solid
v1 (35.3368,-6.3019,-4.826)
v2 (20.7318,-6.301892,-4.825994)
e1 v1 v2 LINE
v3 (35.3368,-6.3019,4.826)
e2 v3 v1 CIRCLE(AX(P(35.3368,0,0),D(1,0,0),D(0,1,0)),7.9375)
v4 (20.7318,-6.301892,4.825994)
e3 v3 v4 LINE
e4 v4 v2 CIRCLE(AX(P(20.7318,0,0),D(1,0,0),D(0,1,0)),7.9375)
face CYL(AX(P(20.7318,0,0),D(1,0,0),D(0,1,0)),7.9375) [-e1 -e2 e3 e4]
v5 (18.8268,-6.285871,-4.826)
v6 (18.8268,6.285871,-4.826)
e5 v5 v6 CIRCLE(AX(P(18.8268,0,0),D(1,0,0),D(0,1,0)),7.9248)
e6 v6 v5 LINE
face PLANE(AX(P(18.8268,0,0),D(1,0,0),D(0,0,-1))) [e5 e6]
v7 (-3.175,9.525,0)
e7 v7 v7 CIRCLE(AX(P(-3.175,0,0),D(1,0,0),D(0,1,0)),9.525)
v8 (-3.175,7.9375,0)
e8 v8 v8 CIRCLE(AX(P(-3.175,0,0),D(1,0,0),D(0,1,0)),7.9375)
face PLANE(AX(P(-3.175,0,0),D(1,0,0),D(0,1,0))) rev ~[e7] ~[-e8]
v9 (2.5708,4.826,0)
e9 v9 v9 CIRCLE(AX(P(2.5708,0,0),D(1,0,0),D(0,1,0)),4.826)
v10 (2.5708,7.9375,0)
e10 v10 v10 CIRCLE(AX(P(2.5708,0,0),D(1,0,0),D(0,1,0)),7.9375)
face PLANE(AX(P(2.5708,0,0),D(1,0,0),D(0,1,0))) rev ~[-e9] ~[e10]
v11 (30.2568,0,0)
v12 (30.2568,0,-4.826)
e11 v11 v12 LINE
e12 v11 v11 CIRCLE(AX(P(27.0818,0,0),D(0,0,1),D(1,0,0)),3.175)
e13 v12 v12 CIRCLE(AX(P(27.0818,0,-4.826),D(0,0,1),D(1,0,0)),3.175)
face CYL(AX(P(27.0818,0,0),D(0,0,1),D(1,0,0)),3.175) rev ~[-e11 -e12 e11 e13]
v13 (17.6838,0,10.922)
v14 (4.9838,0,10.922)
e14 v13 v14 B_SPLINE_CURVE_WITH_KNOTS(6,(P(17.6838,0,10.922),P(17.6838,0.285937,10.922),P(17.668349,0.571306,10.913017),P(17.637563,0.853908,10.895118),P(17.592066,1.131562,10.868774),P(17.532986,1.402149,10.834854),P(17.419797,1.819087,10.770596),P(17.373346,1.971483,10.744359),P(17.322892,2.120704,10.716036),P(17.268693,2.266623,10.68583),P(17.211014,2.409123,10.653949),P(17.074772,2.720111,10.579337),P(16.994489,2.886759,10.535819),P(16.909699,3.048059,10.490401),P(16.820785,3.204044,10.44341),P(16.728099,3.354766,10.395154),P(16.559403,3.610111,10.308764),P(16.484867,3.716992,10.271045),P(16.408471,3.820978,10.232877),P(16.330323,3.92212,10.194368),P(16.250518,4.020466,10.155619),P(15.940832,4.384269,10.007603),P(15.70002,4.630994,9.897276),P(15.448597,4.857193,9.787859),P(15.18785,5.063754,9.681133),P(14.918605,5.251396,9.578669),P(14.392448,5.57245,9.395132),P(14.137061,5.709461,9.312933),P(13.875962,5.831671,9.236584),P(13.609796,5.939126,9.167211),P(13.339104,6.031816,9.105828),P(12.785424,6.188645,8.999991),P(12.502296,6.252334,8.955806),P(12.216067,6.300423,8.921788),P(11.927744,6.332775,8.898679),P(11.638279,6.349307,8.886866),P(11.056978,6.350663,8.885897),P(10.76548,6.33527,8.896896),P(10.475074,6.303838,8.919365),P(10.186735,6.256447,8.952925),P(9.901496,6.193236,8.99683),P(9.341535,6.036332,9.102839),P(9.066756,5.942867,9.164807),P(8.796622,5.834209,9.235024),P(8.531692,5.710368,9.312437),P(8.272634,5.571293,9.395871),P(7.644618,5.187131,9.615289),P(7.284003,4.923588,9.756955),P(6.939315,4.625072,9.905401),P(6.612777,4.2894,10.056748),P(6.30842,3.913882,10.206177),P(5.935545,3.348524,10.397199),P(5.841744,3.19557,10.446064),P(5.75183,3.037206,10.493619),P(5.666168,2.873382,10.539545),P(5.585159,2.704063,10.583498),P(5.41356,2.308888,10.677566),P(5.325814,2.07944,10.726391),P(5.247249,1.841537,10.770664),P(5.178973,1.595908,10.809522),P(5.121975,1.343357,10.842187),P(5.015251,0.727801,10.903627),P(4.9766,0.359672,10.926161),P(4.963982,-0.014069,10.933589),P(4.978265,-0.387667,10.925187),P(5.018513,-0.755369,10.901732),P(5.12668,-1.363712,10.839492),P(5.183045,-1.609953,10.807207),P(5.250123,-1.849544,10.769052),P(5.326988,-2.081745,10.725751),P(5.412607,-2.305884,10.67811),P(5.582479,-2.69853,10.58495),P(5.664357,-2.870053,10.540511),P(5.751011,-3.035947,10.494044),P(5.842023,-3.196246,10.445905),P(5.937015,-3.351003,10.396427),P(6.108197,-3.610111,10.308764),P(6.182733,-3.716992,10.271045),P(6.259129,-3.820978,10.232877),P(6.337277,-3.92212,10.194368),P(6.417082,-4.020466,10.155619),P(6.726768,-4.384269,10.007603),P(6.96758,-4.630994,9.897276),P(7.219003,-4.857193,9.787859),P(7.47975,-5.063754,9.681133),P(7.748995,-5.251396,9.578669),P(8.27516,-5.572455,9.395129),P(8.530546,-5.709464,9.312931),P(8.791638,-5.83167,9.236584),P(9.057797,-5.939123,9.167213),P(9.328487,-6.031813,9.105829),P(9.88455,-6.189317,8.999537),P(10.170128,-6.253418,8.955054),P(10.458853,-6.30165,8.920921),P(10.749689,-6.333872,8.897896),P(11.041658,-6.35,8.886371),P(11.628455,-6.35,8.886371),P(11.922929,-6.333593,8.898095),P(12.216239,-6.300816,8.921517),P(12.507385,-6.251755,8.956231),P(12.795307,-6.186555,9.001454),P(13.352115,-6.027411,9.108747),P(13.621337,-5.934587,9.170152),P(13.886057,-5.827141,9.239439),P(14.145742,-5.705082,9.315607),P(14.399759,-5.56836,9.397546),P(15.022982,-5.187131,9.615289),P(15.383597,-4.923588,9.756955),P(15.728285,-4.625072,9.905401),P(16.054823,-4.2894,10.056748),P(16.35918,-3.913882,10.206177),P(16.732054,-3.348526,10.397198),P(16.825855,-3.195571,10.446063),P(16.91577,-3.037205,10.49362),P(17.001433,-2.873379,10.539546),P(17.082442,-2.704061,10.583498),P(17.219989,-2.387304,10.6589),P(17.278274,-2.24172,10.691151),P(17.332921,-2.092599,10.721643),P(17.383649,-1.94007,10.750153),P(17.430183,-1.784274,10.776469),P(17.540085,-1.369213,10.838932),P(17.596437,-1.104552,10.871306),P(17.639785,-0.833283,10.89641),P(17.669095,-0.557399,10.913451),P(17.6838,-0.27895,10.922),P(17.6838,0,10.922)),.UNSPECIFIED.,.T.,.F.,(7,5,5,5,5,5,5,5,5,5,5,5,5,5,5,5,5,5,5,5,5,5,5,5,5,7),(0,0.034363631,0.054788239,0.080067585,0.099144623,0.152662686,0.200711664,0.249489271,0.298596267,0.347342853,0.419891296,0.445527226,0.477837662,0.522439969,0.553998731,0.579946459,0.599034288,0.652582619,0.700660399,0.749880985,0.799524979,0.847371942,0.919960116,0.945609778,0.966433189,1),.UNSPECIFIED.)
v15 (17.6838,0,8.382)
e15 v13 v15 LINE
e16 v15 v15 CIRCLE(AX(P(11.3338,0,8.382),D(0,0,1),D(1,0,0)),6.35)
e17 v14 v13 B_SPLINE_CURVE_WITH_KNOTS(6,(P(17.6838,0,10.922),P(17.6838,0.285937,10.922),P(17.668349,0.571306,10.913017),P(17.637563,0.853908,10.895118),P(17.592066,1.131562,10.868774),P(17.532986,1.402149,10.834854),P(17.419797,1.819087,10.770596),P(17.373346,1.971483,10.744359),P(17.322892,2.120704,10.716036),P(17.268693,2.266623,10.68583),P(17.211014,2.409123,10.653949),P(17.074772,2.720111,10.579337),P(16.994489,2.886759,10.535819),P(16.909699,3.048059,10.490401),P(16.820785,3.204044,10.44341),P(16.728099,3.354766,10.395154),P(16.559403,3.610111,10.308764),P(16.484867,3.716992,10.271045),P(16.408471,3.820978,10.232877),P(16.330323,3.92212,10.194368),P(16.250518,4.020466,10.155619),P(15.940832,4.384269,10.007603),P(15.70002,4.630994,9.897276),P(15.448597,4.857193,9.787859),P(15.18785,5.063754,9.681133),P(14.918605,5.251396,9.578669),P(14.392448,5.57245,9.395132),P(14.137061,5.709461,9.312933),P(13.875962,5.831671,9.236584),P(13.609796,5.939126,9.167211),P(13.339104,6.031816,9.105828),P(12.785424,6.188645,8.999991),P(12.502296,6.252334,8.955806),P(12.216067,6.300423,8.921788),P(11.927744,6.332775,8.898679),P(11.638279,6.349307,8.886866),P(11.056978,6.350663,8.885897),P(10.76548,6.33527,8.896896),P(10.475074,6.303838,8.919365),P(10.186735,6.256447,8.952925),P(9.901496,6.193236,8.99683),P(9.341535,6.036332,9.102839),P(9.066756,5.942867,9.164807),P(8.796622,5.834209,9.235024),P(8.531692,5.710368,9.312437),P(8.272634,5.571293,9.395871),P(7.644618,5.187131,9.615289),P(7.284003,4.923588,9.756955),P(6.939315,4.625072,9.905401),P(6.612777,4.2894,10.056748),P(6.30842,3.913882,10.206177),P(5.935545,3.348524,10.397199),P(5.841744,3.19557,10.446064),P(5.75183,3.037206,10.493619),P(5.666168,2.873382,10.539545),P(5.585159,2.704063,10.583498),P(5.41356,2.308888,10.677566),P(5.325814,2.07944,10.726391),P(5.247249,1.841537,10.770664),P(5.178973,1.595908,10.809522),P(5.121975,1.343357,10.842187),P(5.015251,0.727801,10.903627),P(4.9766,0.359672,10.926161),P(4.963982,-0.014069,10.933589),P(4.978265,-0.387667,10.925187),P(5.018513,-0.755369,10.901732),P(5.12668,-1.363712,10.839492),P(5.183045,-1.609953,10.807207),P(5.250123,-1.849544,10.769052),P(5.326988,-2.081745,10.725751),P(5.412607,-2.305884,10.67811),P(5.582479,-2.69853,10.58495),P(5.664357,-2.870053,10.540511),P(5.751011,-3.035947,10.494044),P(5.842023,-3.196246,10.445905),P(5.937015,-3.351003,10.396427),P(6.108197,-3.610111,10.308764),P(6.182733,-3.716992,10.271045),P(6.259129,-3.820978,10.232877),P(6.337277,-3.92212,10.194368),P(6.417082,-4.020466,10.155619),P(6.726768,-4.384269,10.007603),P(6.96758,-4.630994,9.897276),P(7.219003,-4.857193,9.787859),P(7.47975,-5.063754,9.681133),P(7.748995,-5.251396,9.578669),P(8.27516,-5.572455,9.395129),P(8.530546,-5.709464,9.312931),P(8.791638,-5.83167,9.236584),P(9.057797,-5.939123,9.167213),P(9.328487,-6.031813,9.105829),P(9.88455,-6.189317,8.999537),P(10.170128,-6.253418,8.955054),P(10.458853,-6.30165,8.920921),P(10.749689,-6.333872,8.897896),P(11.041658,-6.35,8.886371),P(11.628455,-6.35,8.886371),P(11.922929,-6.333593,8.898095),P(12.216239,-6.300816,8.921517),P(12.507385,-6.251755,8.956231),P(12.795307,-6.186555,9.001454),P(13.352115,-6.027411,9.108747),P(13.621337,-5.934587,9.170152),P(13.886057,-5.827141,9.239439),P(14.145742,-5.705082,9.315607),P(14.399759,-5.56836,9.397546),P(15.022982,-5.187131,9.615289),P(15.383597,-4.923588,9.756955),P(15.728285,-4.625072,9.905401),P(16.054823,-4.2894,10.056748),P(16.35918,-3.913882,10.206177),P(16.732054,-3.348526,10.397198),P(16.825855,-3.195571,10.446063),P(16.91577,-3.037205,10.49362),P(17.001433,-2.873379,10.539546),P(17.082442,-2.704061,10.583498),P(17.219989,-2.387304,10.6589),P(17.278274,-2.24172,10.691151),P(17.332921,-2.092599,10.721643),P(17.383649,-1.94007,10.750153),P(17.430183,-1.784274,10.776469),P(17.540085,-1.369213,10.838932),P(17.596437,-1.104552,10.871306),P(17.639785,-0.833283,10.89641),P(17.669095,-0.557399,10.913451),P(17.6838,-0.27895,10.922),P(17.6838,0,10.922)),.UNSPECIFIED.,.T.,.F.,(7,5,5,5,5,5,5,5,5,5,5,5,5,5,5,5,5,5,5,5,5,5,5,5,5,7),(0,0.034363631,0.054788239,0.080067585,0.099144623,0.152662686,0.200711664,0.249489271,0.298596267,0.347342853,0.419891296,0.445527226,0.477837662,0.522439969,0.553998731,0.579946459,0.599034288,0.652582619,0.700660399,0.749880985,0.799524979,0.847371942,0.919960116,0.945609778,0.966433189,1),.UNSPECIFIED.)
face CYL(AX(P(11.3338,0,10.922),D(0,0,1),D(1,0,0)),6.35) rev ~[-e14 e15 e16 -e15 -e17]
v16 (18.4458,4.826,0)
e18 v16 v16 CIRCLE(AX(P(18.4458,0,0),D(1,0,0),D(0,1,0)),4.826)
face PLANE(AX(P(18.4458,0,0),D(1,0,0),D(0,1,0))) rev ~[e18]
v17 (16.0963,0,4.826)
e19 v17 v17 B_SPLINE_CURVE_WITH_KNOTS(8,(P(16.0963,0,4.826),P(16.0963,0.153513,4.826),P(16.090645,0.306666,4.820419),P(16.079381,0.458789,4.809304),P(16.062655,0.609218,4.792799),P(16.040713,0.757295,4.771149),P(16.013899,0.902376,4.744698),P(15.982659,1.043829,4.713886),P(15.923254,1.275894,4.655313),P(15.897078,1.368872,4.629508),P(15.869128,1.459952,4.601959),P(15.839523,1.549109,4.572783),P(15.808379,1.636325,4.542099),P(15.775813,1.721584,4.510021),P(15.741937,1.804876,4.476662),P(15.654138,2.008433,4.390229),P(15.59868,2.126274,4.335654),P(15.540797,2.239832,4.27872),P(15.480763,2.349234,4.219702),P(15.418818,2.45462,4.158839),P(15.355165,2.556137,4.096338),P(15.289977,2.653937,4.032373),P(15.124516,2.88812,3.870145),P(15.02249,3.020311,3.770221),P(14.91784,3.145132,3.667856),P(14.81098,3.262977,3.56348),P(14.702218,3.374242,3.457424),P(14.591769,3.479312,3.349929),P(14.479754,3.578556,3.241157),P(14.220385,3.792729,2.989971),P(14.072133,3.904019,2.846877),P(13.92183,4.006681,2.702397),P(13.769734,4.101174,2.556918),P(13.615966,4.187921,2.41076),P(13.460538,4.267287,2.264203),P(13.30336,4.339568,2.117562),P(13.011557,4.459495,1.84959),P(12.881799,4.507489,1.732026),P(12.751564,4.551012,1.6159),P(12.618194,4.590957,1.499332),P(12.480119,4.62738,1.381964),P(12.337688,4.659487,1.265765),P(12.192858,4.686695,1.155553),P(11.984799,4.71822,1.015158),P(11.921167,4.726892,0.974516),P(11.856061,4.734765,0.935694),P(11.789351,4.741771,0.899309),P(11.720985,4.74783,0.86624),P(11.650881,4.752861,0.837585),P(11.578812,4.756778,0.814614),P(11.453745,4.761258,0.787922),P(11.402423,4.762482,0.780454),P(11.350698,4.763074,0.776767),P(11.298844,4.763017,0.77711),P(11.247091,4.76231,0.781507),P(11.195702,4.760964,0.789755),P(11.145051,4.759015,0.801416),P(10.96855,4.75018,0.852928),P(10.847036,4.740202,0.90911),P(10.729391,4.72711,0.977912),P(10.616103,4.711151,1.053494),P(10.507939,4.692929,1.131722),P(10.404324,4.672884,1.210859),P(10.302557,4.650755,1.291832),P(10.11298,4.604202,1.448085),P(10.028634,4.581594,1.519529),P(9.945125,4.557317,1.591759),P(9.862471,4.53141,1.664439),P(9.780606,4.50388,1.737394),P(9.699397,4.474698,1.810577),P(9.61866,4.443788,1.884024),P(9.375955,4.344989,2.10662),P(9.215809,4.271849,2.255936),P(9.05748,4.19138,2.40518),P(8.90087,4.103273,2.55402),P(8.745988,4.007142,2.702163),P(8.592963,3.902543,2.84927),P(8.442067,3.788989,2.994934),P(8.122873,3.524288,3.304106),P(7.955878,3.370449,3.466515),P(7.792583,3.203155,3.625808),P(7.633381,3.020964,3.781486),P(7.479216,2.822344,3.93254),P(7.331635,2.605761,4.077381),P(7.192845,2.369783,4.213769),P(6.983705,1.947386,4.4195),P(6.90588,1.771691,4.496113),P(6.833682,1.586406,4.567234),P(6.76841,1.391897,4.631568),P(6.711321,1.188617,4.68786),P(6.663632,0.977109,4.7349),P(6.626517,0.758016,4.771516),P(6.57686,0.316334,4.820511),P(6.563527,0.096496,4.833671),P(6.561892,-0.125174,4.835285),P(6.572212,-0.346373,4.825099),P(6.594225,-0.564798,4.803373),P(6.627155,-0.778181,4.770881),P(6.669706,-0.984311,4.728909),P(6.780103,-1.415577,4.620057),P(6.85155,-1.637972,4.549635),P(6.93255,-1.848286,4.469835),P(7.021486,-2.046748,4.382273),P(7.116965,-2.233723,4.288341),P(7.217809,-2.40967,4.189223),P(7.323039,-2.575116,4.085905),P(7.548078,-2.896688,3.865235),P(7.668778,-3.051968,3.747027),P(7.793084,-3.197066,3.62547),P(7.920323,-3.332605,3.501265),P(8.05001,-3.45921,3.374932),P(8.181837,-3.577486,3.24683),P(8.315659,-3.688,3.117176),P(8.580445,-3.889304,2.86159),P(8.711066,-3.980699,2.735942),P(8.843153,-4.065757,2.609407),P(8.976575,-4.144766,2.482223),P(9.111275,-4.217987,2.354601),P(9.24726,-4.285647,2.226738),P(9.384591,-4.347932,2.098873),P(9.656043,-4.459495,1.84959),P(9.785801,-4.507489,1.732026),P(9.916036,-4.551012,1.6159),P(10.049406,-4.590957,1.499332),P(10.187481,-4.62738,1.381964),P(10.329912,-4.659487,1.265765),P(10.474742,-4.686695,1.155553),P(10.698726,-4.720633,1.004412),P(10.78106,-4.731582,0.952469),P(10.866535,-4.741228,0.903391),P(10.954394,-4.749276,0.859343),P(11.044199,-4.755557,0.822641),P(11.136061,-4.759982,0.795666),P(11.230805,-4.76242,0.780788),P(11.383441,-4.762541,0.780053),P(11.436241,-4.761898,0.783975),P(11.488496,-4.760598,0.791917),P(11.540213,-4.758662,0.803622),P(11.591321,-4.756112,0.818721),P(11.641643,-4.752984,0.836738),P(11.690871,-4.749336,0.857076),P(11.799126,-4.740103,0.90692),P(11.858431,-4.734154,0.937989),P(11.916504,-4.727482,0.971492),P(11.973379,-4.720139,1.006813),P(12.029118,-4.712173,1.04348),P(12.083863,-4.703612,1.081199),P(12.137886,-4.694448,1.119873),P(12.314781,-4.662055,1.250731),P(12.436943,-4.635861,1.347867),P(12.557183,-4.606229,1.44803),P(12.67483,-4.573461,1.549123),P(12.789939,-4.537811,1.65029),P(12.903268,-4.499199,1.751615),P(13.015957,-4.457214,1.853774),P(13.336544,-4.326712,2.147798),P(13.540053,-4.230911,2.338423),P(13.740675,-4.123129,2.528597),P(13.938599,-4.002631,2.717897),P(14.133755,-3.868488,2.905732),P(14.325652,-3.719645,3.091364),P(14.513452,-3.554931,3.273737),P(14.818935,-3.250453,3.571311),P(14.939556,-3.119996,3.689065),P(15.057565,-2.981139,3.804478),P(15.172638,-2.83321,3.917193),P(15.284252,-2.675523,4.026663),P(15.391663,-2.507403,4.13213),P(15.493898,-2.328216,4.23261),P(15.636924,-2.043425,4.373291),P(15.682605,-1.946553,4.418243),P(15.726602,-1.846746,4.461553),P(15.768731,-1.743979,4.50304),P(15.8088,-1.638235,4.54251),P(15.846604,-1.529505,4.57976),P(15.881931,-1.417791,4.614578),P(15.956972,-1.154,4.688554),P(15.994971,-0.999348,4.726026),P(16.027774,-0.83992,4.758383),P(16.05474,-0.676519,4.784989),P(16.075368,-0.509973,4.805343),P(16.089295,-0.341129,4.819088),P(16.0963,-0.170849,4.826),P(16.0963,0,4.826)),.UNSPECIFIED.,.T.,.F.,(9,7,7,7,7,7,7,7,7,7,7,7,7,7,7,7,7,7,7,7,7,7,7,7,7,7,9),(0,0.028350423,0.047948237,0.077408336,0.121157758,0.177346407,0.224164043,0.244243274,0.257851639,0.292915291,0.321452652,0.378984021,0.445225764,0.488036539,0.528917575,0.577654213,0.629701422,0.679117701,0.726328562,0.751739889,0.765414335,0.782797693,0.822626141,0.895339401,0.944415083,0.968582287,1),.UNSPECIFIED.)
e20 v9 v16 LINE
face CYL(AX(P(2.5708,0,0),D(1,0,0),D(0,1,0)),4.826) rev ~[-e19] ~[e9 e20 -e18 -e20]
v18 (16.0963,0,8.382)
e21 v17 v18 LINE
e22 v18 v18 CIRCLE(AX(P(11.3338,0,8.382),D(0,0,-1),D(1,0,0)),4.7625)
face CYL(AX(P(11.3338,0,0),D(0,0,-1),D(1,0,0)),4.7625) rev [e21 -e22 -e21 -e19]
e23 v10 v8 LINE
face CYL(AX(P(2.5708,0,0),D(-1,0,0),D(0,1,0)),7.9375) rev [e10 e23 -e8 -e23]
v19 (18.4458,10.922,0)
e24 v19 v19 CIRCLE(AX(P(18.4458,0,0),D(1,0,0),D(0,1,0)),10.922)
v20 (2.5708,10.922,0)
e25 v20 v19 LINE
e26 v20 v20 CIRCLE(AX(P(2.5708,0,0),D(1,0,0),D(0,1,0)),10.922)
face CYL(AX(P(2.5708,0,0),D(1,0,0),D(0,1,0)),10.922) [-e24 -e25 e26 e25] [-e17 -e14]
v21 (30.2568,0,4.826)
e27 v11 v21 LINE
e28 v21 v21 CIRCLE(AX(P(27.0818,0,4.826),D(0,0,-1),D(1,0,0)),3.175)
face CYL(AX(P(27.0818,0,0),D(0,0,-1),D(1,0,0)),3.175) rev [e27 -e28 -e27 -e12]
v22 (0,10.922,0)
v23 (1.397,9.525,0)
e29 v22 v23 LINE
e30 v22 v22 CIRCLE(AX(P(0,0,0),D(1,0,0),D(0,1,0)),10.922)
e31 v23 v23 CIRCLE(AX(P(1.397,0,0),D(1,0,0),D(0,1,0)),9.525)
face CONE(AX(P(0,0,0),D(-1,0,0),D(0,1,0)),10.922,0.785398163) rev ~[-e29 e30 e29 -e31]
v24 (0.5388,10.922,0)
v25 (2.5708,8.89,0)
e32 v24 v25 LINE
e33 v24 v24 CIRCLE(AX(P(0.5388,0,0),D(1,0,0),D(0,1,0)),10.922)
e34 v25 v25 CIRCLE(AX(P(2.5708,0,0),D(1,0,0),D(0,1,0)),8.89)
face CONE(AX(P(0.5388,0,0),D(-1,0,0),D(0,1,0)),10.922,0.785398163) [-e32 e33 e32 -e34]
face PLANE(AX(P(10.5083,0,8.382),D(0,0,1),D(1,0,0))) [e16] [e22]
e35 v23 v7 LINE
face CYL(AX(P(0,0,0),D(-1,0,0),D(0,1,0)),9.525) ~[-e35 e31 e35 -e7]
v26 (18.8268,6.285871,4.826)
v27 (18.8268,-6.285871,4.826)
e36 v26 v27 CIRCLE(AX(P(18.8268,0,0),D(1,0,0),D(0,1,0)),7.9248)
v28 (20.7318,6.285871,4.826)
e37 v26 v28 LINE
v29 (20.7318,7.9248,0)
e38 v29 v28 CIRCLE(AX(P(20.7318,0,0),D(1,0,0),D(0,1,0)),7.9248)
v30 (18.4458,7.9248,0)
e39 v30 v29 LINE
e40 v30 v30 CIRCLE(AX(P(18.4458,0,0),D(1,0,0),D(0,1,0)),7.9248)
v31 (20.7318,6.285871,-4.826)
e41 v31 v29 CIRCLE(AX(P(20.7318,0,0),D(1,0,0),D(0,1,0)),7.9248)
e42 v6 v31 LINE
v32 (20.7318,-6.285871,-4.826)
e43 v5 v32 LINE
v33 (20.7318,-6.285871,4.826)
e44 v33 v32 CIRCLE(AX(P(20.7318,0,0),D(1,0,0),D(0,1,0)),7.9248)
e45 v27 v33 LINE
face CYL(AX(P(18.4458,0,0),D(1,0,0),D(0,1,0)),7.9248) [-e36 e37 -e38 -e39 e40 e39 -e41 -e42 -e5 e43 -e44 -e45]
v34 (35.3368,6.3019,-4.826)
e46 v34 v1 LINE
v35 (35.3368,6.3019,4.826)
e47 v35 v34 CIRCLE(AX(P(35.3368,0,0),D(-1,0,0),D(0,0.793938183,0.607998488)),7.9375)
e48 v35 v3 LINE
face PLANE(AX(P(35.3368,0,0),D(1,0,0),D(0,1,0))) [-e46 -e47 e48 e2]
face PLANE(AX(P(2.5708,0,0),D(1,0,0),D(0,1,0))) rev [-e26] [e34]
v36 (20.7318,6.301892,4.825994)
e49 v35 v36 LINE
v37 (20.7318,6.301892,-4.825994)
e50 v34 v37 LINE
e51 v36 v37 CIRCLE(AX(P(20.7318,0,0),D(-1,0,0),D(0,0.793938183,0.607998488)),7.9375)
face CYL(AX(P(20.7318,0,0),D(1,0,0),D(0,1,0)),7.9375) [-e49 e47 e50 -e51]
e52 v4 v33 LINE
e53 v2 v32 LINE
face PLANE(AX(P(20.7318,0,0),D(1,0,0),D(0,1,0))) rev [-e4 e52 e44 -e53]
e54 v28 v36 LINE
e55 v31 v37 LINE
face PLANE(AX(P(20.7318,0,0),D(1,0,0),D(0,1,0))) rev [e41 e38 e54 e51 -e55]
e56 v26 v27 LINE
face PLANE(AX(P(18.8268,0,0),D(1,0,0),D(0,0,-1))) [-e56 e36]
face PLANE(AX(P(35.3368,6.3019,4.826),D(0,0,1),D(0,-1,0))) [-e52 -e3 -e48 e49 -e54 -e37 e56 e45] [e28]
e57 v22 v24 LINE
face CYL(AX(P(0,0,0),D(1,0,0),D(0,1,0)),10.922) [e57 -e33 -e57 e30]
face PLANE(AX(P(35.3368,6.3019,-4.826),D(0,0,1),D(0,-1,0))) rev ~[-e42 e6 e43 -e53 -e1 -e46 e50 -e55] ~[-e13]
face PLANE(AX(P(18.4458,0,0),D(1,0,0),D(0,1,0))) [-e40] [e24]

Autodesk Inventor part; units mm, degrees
ref_plane "YZ Plane" through (0, 0, 0) normal (1, 0, 0) x (0, 1, 0)
ref_plane "XZ Plane" through (0, 0, 0) normal (0, 1, 0) x (-1, 0, 0)
sketch "Sketch1" plane through (0, 0, 0) normal (0, 0, 1) x (1, 0, 0)
  line L0 (0, 0) -> (35.3368, 0)
  line L1 (0, 10.922) -> (1.397, 9.525)
  line L2 (0, 10.922) -> (0.5388, 10.922)
  line L3 (0.5388, 10.922) -> (2.5708, 8.89)
  line L4 (2.5708, 8.89) -> (2.5708, 10.922)
  line L5 (2.5708, 10.922) -> (18.4458, 10.922)
  line L6 (18.4458, 10.922) -> (18.4458, 7.9248)
  line L7 (18.4458, 7.9248) -> (20.7318, 7.9248)
  line L8 (20.7318, 7.9248) -> (20.7318, 7.9375)
  line L9 (20.7318, 7.9375) -> (35.3368, 7.9375)
  line L10 (35.3368, 7.9375) -> (35.3368, 0)
  circle A0 centre (11.3338, 0) radius 4.7625
  circle A1 centre (27.0818, 0) radius 3.175
  line L11 (0, 10.922) -> (0, 0) construction
  line L12 (0.5388, 10.922) -> (2.5708, 10.922) construction
  line L13 (2.5708, 8.89) -> (2.5708, 7.9375) construction
  line L14 (1.397, 9.525) -> (0, 9.525)
  line L15 (0, 9.525) -> (0, 7.9375) construction
  line L16 (2.5708, 7.9375) -> (0, 7.9375)
  line L17 (0, 9.525) -> (0, 7.9375)
  line L18 (2.5708, 7.9375) -> (2.5708, 4.826)
  line L19 (2.5708, 4.826) -> (18.4458, 4.826)
  line L20 (18.4458, 4.826) -> (18.4458, 0)
  line L21 (18.4458, 7.9248) -> (18.4458, 4.826)
  line L22 (35.3368, 4.826) -> (18.4458, 4.826)
  line L23 (0, 9.525) -> (-3.175, 9.525)
  line L24 (-3.175, 9.525) -> (-3.175, 7.9375)
  line L25 (-3.175, 7.9375) -> (0, 7.9375)
  dimension "d1" = 21.844
  dimension "d2" = 9.525
  dimension "d4" = 2.286
  dimension "d5" = 6.35
  dimension "d6" = 8.636
  dimension "d8" = 15.8496
  dimension "d9" = 15.875
  dimension "d10" = 0.381
  dimension "d11" = 45
  dimension "d12" = 15.748
  dimension "d13" = 17.78
  dimension "d14" = 19.05
  dimension "d15" = 15.875
  dimension "d17" = 9.652
  dimension "d18" = 15.875
  dimension "d19" = 9.652
  dimension "d37" = 3.175
  dimension "d38" = 8.255
revolve "Revolution1" add sketch "Sketch1" angle 360 about axis through (0, 0, 0) along (1, 0, 0) picked at (27.874, 1.2084) contours L20 L22 L10 L0 A1 | A1 L0 | L19 L18 L16 L17 L14 L1 L2 L3 L4 L5 L6 L21 | L21 L7 L8 L9 L10 L22 | L25 L24 L23 L17
extrude "Extrusion2" cut sketch "Sketch1" along normal blind 25.4 contours A0 L0 | L0 A0
ref_plane "Work Plane1" through (10.5083, 0, 10.922) normal (0, 0, 1) x (1, 0, 0)
sketch "Sketch2" plane through (10.5083, 0, 10.922) normal (0, 0, 1) x (1, 0, 0)
  line L0 (0.8255, -4.7625) -> (0.8255, 0) construction
  circle A0 centre (0.8255, 0) radius 6.35
  point P0 (-10.5083, 0)
  dimension "d28" = 12.7
  dimension "d29" = 4.7625
extrude "Extrusion3" cut sketch "Sketch2" against normal blind 2.54
sketch "Sketch3" plane through (35.3368, 0, 0) normal (1, 0, 0) x (0, 0, -1)
  circle A0 centre (0, 0) radius 7.9375 projected
  line L0 (-4.826, 6.3019) -> (-4.826, -6.3019)
  line L1 (4.826, 6.3019) -> (4.826, -6.3019)
  dimension "d32" = 9.652
extrude "Extrusion4" cut sketch "Sketch3" against normal blind 16.51 contours A0 L1 | L0 A0
extrude "Extrusion5" cut sketch "Sketch1" along normal through all both and the other way through all contours A1 L0 | L0 A1
thread "Thread1" size "5/8-11 UNC" class "2A" standard "ANSI Unified Screw Threads" full length
thread "Thread2" size "5/8-11 UNC" class "2A" standard "ANSI Unified Screw Threads" full length
equation "\"d17\" = d19"
properties part number "Rebuild Shooter NCDME075-0600 Cylinder Back Section" material "Aluminum 6061"
